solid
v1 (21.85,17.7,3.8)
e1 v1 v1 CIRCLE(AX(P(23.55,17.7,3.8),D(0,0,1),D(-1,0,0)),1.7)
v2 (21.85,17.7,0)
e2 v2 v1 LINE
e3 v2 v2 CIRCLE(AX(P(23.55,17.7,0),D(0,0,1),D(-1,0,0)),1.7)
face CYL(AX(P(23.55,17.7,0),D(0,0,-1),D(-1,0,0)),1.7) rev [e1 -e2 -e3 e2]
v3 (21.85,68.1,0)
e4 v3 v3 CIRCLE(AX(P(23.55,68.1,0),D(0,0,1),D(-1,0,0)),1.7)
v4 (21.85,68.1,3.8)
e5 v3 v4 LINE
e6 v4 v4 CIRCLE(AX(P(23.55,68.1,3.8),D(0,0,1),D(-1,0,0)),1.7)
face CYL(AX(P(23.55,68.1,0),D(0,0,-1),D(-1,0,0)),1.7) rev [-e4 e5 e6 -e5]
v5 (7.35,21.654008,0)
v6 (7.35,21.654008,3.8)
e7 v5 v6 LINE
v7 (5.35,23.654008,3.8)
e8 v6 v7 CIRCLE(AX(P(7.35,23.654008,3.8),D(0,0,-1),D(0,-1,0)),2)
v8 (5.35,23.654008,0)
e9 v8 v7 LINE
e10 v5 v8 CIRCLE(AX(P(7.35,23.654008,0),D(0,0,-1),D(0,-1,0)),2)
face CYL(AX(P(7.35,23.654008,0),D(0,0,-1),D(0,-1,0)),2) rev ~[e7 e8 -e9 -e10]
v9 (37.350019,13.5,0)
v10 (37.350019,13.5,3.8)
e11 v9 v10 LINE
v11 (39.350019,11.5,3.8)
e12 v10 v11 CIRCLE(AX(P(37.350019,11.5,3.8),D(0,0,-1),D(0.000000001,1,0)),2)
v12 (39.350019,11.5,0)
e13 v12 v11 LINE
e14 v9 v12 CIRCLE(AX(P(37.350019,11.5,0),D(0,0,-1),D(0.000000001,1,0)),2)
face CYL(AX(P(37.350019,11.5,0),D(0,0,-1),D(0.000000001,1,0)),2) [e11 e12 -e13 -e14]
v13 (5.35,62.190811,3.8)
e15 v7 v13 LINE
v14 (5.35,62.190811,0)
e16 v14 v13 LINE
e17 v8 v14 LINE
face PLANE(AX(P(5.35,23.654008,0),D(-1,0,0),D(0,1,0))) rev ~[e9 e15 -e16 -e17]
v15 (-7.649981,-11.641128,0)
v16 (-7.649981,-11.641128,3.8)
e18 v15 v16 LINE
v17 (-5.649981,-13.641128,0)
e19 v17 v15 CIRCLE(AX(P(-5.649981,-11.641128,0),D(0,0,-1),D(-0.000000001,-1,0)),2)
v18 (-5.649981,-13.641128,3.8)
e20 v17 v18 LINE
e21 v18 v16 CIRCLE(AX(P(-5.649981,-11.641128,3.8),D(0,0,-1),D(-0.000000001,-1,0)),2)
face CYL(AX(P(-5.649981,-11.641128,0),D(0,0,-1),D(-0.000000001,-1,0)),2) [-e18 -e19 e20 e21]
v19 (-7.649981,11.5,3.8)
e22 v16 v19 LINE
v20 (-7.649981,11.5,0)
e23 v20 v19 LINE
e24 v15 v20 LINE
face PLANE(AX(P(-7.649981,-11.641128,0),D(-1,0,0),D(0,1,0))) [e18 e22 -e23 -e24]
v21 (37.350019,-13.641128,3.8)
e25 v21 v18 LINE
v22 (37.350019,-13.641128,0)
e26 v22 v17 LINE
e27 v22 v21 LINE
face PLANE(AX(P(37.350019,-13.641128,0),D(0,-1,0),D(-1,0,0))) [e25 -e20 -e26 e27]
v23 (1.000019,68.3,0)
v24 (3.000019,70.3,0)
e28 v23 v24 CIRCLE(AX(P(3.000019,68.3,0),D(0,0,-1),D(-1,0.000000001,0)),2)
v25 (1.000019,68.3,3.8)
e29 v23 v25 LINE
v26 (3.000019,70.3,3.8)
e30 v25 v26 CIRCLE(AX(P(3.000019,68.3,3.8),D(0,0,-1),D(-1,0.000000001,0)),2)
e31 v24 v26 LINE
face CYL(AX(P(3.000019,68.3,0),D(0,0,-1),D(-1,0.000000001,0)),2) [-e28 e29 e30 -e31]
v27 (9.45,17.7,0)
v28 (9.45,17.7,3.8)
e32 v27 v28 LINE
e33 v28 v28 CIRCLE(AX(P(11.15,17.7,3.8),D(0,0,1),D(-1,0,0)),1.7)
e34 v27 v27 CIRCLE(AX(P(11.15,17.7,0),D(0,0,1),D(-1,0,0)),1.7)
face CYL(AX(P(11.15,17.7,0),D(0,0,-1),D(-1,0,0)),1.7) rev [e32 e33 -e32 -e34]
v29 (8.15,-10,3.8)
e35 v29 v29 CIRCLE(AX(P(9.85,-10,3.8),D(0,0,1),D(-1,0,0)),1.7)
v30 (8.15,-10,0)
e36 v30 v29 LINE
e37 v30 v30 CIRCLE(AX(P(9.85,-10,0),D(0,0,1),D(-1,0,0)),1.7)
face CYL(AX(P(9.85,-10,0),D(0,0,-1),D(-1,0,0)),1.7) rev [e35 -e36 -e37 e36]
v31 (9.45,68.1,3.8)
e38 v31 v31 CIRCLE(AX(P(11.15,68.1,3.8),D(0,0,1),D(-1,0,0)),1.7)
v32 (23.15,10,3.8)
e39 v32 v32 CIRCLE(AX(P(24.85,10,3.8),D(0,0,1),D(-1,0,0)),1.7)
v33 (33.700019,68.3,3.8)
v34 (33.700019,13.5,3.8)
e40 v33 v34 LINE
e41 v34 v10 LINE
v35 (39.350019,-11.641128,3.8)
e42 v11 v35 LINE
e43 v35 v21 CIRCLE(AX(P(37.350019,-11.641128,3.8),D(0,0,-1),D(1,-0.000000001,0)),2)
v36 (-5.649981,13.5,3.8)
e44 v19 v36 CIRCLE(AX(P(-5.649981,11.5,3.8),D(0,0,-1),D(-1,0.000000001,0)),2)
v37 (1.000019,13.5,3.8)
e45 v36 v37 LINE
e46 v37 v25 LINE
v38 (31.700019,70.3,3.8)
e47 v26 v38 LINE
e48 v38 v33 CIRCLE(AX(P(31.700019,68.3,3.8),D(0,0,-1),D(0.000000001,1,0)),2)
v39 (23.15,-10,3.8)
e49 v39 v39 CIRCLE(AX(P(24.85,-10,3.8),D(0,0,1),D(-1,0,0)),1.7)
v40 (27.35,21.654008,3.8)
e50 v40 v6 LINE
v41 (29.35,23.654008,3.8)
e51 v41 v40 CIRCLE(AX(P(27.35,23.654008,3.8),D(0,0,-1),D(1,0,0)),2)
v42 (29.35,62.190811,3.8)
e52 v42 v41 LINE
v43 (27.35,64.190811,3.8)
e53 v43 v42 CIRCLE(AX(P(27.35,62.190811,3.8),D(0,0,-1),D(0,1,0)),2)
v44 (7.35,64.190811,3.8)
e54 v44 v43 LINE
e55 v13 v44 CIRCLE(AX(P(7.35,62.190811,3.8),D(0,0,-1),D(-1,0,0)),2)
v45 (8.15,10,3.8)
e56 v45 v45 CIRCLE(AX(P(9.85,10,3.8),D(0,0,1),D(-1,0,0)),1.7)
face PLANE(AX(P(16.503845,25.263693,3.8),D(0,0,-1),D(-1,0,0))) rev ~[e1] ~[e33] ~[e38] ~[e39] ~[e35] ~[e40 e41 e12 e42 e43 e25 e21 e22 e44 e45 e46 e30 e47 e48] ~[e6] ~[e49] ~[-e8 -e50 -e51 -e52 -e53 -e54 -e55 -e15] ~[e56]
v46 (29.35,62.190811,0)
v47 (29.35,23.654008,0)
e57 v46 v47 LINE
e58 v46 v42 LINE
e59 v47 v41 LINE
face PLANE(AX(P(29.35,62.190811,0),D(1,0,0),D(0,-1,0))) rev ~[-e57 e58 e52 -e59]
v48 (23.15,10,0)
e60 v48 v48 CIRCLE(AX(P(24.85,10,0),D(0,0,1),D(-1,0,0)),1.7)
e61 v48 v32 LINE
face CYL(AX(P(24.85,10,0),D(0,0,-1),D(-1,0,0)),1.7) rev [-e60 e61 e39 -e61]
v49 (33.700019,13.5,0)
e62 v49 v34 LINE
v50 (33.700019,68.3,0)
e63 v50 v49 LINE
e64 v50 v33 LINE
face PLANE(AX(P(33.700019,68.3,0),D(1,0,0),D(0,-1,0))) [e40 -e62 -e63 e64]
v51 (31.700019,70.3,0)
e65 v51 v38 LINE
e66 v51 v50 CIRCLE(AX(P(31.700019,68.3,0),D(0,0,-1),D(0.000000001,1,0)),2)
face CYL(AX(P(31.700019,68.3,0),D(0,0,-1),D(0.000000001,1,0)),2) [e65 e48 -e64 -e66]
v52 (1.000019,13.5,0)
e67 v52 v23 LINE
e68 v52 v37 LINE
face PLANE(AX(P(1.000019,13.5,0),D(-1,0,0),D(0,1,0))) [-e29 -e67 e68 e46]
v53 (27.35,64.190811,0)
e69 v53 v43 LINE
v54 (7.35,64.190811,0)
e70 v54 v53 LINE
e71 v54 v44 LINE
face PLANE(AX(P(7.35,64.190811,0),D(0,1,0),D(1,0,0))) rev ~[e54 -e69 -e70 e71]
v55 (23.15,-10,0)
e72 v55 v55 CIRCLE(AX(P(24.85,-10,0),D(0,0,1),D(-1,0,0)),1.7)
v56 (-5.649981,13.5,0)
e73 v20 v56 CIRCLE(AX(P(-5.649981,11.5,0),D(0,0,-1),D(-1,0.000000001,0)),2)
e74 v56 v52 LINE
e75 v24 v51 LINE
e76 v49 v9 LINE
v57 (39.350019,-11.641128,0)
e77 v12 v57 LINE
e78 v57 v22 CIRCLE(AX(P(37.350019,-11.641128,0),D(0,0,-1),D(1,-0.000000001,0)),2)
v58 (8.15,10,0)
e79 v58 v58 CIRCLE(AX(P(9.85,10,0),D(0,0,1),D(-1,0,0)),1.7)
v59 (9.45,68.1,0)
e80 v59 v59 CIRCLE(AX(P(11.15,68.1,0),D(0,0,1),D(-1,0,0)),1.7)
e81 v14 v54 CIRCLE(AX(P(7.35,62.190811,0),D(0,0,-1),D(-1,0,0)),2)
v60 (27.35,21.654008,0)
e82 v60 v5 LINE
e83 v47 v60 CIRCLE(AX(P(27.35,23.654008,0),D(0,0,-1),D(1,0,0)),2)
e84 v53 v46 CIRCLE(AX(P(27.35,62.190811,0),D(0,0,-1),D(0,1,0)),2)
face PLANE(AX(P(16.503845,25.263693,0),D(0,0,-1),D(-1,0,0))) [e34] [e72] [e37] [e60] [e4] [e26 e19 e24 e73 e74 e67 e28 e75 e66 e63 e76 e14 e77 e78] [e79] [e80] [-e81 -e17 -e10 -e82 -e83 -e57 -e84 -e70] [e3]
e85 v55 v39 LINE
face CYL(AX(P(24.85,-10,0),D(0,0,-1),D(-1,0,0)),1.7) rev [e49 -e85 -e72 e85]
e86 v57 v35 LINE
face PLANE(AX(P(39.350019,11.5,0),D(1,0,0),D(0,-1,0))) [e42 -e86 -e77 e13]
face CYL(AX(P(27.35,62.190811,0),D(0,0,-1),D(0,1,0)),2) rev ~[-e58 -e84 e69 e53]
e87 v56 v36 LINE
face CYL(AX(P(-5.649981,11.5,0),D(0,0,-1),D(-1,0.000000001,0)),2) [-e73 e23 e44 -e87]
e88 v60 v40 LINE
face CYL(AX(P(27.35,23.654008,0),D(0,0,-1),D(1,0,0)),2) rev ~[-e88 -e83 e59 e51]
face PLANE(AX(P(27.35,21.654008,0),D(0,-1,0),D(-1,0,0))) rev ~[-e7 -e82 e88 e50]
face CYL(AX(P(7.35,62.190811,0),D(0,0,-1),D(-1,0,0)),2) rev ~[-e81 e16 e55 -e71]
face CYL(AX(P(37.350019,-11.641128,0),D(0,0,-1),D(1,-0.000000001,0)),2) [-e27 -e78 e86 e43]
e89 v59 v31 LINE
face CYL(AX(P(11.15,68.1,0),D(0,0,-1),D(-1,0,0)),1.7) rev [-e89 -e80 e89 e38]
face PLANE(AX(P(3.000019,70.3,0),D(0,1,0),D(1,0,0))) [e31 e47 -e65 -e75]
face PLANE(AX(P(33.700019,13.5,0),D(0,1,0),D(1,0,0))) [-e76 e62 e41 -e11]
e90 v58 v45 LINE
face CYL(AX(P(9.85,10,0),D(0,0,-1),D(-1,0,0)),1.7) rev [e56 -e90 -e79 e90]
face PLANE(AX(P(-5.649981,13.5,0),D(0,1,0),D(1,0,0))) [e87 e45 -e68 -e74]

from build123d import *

# Parameters (mm, degrees)
SKETCH1_R           = 1.7
BOSS_EXTRUDE1_DEPTH = 3.8


with BuildPart() as part:
    # Sketch1 → Boss-Extrude1 (new body)
    with BuildSketch(Plane.XY):
        with BuildLine():
            Line((3.000019473, 70.3), (31.700019473, 70.3))
            ThreePointArc((31.700019473, 70.3), (33.114233035, 69.714213562), (33.700019473, 68.3))
            Line((33.700019473, 68.3), (33.700019473, 13.5))
            Line((33.700019473, 13.5), (37.350019473, 13.5))
            ThreePointArc((37.350019473, 13.5), (38.764233035, 12.914213562), (39.350019473, 11.5))
            Line((39.350019473, 11.5), (39.350019473, -11.641128199))
            ThreePointArc((39.350019473, -11.641128199), (38.764233035, -13.055341761), (37.350019473, -13.641128199))
            Line((37.350019473, -13.641128199), (31.700019473, -13.641128199))
            Line((31.700019473, -13.641128199), (3.000019473, -13.641128199))
            Line((3.000019473, -13.641128199), (-5.649980527, -13.641128199))
            ThreePointArc((-5.649980527, -13.641128199), (-7.064194089, -13.055341761), (-7.649980527, -11.641128199))
            Line((-7.649980527, -11.641128199), (-7.649980527, 11.5))
            ThreePointArc((-7.649980527, 11.5), (-7.064194089, 12.914213562), (-5.649980527, 13.5))
            Line((-5.649980527, 13.5), (1.000019473, 13.5))
            Line((1.000019473, 13.5), (1.000019473, 68.3))
            ThreePointArc((1.000019473, 68.3), (1.585805911, 69.714213562), (3.000019473, 70.3))
        make_face()
        with Locations(Location((11.15, 17.7, 0), (0, 0, 180))):
            Circle(SKETCH1_R, mode=Mode.SUBTRACT)
        with Locations(Location((9.85, 10, 0), (0, 0, 180))):
            Circle(SKETCH1_R, mode=Mode.SUBTRACT)
        with Locations(Location((24.85, 10, 0), (0, 0, 180))):
            Circle(SKETCH1_R, mode=Mode.SUBTRACT)
        with Locations(Location((9.85, -10, 0), (0, 0, 180))):
            Circle(SKETCH1_R, mode=Mode.SUBTRACT)
        with Locations(Location((24.85, -10, 0), (0, 0, 180))):
            Circle(SKETCH1_R, mode=Mode.SUBTRACT)
        with Locations(Location((23.55, 17.7, 0), (0, 0, 180))):
            Circle(SKETCH1_R, mode=Mode.SUBTRACT)
        with Locations(Location((23.55, 68.1, 0), (0, 0, 180))):
            Circle(SKETCH1_R, mode=Mode.SUBTRACT)
        with Locations(Location((11.15, 68.1, 0), (0, 0, 180))):
            Circle(SKETCH1_R, mode=Mode.SUBTRACT)
        with BuildLine():
            Line((7.35, 64.190811085), (27.35, 64.190811085))
            ThreePointArc((27.35, 64.190811085), (28.764213562, 63.605024648), (29.35, 62.190811085))
            Line((29.35, 62.190811085), (29.35, 23.654008347))
            ThreePointArc((29.35, 23.654008347), (28.764213562, 22.239794784), (27.35, 21.654008347))
            Line((27.35, 21.654008347), (7.35, 21.654008347))
            ThreePointArc((7.35, 21.654008347), (5.935786438, 22.239794784), (5.35, 23.654008347))
            Line((5.35, 23.654008347), (5.35, 62.190811085))
            ThreePointArc((5.35, 62.190811085), (5.935786438, 63.605024648), (7.35, 64.190811085))
        make_face(mode=Mode.SUBTRACT)
    extrude(amount=BOSS_EXTRUDE1_DEPTH)


solid = part.part
